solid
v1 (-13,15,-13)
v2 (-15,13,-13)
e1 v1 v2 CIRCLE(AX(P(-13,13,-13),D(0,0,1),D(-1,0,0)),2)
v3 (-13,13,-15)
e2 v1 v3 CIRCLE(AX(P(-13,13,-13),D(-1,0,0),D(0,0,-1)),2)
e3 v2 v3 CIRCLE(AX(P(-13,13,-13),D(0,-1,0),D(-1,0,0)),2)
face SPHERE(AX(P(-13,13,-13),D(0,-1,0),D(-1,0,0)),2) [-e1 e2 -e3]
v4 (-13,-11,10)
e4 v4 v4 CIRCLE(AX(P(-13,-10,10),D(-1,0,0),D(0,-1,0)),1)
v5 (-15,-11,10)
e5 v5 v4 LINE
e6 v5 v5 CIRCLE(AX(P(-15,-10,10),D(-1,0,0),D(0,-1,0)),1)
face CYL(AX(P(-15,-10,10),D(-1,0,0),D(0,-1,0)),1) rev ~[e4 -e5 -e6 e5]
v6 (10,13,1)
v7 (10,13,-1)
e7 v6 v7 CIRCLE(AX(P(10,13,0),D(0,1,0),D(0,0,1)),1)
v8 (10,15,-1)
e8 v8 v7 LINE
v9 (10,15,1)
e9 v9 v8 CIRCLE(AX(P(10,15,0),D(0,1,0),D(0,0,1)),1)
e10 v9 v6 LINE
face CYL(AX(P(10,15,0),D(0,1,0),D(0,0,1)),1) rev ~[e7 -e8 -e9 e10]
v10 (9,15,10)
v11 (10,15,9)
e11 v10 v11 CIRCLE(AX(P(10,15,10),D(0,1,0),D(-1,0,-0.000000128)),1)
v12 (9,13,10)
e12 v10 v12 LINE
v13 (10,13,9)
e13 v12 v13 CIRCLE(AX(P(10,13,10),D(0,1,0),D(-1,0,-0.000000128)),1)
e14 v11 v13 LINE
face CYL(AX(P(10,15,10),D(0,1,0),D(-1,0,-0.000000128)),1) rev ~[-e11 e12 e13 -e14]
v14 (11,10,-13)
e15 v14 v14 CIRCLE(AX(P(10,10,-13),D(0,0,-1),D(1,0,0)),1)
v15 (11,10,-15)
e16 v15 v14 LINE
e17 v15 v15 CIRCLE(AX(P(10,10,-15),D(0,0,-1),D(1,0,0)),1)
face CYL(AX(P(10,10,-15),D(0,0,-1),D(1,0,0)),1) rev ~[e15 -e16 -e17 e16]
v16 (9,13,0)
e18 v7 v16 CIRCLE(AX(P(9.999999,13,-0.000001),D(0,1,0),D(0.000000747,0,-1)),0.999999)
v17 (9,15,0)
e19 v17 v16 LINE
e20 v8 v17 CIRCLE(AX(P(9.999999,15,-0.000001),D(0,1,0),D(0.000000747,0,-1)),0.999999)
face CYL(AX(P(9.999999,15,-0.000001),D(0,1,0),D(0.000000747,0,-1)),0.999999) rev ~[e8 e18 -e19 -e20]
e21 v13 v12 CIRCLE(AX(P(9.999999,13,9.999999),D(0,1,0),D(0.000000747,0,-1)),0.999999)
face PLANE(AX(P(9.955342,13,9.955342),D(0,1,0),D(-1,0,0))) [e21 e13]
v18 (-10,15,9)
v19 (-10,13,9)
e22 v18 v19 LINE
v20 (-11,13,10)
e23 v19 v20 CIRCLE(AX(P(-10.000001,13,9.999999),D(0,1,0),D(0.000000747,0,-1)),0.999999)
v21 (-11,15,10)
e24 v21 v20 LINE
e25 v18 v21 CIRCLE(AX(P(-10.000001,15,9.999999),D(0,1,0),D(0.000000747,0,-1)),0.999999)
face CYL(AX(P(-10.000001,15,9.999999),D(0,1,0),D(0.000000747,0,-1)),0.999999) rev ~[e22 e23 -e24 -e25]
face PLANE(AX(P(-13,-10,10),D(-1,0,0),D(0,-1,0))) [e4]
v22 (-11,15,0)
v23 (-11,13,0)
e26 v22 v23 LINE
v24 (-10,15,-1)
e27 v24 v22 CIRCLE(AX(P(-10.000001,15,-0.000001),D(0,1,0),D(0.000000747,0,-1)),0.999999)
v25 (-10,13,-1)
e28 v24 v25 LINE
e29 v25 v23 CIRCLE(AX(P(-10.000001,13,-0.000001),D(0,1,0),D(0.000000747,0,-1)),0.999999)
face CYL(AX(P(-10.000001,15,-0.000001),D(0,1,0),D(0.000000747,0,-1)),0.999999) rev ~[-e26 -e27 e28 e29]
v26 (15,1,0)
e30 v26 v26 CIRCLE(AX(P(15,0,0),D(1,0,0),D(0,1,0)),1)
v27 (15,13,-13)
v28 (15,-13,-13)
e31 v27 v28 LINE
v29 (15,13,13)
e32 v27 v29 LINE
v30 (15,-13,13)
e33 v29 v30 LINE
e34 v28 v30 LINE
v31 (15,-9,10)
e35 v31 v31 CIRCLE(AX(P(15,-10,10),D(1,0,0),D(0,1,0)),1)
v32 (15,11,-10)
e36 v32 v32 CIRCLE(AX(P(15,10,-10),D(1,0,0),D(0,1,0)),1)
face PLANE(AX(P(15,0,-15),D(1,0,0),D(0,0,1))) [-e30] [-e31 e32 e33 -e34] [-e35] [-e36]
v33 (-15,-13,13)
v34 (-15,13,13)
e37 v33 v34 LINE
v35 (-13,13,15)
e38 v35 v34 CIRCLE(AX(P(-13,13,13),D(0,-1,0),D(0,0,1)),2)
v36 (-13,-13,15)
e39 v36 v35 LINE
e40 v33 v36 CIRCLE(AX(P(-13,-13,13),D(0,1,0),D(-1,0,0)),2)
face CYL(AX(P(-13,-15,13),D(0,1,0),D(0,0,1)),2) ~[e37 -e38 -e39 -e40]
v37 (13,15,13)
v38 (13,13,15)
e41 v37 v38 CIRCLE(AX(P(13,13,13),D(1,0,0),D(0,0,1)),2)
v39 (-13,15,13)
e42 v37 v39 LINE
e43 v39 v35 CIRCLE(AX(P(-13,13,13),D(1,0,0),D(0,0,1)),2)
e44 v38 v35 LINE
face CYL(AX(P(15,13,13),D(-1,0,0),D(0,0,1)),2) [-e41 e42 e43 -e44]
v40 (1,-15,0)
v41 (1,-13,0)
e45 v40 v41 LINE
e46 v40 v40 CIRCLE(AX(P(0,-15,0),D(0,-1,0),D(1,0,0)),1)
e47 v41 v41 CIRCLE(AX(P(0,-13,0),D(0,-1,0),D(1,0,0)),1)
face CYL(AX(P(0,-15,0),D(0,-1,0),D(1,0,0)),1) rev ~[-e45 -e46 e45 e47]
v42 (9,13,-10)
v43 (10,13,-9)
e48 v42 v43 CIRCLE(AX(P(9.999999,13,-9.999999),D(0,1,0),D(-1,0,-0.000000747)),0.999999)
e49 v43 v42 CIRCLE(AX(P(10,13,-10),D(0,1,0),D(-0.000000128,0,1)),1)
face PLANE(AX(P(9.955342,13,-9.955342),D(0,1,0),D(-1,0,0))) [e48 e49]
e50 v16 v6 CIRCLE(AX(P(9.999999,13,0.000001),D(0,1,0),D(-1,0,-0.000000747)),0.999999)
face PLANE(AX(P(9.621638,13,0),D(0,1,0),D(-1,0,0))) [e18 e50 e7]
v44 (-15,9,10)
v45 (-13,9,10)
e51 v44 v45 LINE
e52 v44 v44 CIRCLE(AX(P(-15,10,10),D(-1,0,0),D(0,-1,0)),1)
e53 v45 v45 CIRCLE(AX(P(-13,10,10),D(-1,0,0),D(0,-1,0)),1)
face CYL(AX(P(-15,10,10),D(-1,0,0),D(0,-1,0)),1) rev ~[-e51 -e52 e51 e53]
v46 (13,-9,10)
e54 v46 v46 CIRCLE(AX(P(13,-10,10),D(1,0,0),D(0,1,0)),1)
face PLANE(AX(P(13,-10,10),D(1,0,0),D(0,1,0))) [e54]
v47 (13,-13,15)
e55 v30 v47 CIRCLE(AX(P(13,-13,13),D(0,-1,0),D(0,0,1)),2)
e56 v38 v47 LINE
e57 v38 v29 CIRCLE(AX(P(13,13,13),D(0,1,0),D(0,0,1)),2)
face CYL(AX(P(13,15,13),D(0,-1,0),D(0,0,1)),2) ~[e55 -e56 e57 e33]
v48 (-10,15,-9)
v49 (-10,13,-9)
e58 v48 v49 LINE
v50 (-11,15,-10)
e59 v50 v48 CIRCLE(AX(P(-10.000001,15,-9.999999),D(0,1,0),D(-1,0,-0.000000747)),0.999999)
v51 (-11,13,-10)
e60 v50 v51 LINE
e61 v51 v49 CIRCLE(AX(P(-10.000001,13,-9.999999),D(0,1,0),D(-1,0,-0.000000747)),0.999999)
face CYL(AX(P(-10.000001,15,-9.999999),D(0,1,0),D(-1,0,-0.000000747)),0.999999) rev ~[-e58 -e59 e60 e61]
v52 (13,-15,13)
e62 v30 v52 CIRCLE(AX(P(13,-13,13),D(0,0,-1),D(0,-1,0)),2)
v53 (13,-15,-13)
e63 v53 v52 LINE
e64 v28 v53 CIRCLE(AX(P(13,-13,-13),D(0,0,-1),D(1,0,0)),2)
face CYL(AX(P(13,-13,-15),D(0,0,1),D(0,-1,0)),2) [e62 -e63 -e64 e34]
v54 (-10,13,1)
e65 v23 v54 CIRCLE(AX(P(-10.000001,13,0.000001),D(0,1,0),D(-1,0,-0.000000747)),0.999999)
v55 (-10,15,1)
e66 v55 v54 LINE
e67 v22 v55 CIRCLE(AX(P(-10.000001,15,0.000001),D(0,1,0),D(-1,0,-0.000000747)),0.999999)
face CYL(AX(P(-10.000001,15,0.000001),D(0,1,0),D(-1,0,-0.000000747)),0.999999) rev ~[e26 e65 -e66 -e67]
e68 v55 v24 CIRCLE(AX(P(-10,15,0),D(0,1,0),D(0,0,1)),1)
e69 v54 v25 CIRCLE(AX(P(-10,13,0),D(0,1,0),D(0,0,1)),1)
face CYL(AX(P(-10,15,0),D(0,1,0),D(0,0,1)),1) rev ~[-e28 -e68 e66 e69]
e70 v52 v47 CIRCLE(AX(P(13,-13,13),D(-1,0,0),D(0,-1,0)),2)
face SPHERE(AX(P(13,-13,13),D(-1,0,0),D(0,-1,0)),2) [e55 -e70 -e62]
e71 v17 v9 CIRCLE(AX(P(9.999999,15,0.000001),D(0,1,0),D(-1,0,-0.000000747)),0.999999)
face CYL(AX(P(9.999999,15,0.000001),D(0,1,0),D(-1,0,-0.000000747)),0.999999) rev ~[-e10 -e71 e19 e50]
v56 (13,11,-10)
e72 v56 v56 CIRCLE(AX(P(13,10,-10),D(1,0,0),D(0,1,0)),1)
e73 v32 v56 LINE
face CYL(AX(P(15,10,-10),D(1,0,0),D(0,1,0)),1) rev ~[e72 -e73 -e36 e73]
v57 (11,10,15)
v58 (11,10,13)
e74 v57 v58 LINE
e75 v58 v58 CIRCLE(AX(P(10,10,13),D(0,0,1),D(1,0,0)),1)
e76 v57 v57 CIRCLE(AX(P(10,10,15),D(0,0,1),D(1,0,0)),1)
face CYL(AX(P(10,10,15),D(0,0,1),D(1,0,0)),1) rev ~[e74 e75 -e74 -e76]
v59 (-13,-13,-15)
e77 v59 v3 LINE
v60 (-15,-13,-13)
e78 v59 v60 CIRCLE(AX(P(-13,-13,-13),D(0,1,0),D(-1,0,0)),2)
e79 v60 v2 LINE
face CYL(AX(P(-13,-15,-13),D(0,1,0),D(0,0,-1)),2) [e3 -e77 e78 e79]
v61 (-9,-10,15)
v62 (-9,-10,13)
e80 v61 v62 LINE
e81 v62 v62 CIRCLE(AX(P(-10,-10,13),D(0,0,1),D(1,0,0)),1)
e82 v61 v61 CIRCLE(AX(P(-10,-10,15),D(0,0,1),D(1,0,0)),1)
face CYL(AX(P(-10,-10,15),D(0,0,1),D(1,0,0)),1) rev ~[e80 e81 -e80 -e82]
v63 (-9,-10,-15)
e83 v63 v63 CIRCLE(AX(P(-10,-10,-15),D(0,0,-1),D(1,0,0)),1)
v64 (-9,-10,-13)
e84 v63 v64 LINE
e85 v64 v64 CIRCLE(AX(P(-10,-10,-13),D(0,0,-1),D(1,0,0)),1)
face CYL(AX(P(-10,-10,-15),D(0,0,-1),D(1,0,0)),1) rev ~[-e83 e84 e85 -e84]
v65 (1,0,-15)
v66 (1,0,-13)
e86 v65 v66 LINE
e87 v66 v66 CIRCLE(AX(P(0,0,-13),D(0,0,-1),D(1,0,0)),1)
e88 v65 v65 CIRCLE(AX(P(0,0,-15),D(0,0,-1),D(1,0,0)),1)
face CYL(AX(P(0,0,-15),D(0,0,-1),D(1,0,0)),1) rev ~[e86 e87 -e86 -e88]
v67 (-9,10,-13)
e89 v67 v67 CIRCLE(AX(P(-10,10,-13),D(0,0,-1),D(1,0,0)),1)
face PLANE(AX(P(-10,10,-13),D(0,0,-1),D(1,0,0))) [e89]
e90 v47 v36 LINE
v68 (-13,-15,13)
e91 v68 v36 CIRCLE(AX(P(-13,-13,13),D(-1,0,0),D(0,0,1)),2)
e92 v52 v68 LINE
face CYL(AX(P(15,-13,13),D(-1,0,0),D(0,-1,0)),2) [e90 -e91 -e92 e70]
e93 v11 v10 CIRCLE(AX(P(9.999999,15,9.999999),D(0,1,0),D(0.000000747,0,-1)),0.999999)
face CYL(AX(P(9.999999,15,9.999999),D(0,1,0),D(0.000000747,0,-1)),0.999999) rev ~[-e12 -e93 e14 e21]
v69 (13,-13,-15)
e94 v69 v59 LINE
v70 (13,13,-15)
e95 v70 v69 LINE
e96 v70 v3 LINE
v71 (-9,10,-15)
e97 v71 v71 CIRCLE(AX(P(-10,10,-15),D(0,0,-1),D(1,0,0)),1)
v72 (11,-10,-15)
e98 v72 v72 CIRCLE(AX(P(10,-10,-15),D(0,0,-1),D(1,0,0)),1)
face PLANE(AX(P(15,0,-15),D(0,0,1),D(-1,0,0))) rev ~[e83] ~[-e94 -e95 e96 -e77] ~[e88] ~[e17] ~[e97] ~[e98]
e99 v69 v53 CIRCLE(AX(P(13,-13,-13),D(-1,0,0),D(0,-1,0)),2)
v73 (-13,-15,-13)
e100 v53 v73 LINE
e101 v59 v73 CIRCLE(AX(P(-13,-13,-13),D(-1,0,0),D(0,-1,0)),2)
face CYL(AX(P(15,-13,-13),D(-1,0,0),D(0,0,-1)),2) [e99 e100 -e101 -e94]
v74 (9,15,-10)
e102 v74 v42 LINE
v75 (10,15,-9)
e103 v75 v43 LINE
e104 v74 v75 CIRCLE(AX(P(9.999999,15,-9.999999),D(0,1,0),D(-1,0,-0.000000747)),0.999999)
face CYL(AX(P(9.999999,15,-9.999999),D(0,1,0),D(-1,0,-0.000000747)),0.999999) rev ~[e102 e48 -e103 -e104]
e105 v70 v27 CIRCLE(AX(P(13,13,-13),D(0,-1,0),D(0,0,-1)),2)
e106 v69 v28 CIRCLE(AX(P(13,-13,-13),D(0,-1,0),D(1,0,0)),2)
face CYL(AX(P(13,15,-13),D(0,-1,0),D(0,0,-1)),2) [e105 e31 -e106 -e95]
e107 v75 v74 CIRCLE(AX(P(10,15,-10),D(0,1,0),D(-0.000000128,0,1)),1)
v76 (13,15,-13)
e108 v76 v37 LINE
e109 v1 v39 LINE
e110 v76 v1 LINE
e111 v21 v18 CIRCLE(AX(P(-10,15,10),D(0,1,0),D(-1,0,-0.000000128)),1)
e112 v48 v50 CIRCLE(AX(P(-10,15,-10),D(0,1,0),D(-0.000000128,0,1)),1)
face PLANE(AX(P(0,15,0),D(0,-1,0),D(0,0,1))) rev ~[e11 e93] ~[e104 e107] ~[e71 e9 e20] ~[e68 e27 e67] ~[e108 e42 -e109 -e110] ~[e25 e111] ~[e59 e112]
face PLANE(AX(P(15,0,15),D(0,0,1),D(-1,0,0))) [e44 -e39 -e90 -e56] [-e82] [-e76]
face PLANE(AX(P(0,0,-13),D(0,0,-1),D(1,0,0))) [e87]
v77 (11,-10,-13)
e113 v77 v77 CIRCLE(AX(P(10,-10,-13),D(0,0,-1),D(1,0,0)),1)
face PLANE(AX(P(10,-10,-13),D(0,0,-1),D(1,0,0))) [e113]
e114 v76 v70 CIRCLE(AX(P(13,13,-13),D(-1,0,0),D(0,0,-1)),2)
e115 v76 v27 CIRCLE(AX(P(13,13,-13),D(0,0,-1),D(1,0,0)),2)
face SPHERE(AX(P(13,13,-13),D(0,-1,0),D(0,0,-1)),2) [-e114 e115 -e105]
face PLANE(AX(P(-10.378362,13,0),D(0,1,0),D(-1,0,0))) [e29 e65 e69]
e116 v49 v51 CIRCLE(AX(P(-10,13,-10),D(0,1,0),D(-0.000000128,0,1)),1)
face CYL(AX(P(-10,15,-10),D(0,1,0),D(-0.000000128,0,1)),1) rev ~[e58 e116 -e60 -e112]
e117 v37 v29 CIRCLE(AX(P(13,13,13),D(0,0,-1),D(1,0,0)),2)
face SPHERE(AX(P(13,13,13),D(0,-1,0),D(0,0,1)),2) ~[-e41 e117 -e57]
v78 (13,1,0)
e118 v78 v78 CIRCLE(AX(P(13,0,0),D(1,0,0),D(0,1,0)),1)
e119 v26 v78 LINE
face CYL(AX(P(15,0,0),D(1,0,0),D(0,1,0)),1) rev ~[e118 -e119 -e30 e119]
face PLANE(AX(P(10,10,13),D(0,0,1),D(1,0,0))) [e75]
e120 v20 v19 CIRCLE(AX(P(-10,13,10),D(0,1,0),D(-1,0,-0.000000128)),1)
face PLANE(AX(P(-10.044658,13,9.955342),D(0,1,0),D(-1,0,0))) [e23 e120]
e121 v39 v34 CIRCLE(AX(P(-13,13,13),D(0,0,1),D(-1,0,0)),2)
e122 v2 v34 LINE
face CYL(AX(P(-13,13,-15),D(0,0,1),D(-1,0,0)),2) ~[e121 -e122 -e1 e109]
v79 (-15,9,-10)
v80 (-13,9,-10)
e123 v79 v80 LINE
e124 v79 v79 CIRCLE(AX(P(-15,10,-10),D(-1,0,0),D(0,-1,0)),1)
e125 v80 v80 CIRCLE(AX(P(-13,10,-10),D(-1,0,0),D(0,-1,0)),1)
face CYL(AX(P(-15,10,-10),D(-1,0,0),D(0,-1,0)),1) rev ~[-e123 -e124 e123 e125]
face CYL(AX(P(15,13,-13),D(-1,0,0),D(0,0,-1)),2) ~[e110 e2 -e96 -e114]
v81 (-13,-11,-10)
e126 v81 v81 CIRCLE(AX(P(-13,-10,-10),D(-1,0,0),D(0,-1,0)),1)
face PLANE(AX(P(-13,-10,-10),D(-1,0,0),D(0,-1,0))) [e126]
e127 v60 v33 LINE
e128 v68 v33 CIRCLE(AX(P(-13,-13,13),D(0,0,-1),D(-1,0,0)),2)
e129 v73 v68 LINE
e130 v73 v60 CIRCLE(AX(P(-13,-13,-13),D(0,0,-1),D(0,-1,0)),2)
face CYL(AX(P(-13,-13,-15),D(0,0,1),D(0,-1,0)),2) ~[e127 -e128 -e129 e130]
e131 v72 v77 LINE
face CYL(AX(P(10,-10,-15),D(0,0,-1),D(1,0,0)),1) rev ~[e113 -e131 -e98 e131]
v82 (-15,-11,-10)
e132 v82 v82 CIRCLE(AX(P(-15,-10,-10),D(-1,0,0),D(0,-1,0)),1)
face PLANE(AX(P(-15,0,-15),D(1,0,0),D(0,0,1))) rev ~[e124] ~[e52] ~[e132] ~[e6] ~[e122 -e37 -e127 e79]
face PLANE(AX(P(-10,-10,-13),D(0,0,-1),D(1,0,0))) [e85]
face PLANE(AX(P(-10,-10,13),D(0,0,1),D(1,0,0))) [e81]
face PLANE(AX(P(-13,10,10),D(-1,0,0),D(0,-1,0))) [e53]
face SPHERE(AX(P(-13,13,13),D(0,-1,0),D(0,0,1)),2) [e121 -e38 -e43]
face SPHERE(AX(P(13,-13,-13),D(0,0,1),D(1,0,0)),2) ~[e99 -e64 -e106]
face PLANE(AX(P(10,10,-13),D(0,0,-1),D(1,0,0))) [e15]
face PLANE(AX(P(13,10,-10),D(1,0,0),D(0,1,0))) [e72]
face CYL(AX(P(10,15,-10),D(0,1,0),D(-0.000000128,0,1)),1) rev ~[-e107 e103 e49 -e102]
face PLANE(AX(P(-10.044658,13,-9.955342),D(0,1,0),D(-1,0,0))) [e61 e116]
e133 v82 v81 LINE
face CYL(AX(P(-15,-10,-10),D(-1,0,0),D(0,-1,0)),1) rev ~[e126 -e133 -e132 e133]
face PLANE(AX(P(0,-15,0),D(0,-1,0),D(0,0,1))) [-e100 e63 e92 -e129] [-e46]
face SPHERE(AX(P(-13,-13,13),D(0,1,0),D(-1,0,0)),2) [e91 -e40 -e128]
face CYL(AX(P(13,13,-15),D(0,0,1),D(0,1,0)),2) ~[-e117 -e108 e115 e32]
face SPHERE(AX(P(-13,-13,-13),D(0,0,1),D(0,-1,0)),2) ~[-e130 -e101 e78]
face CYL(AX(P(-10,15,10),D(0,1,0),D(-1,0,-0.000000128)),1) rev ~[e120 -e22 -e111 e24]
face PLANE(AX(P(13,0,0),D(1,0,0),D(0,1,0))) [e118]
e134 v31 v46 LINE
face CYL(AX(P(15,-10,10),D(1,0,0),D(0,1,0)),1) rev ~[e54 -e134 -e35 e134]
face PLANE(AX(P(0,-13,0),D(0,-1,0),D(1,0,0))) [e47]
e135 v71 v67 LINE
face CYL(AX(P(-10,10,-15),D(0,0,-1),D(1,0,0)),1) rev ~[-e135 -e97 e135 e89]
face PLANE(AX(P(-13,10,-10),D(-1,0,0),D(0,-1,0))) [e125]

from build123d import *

# Parameters (mm, degrees)
F0_W      = 30
F0_H      = 30
F1_DEPTH  = 15
F3_ANGLE  = 270
F4_R      = 2
F5_R      = 1
F6_DEPTH  = 2
F7_R      = 1
F8_DEPTH  = 2
F10_DEPTH = 2
F11_R     = 1
F12_DEPTH = 2
F13_R     = 1
F14_DEPTH = 2
F15_R     = 1
F16_DEPTH = 2


with BuildPart() as f1:
    # F0 (on Front) → F1 (new body, symmetric)
    with BuildSketch(Plane.XZ):
        Rectangle(F0_W, F0_H)
    extrude(amount=F1_DEPTH, both=True)


with BuildPart() as f1_1:
    # F3: moved
    add(f1.part.rotate(Axis((0, 0.380553, 0), (0, 1, 0)), F3_ANGLE))

    # F4
    f4_edges = [f1_1.edges().sort_by_distance(p)[0] for p in [
        (-15, 0, 15),
        (-15, -15, 0),
        (0, -15, 15),
        (15, -15, 0),
        (15, 0, 15),
        (0, 15, 15),
        (15, 0, -15),
        (0, -15, -15),
        (-15, 0, -15),
        (-15, 15, 0),
        (0, 15, -15),
        (15, 15, 0),
    ]]
    fillet(f4_edges, radius=F4_R)

    # F5 (on face) → F6 (cut)
    with BuildSketch(Plane.XZ.offset(15)):
        Circle(F5_R)
    extrude(amount=-F6_DEPTH, mode=Mode.SUBTRACT)

    # F7 (on face) → F8 (cut)
    with BuildSketch(Plane(origin=(-15, 0, 0), x_dir=(0, -1, 0), z_dir=(-1, 0, 0))):
        with Locations((-10, -10)):
            Circle(F7_R)
        with Locations((10, -10)):
            Circle(F7_R)
        with Locations((10, 10)):
            Circle(F7_R)
        with Locations((-10, 10)):
            Circle(F7_R)
    extrude(amount=-F8_DEPTH, mode=Mode.SUBTRACT)

    # F9 (on face) → F10 (cut)
    with BuildSketch(Plane(origin=(0, 15, 0), x_dir=(-1, 0, 0), z_dir=(0, 1, 0))):
        with BuildLine():
            ThreePointArc((-10, 9), (-9.292893, 9.292893), (-9, 10))
            ThreePointArc((-9, 10), (-10.707107, 10.707107), (-10, 9))
        make_face()
        with BuildLine():
            ThreePointArc((-9, -10), (-9.292893, -9.292893), (-10, -9))
            ThreePointArc((-10, -9), (-10.707107, -10.707107), (-9, -10))
        make_face()
        with BuildLine():
            ThreePointArc((-9, 0), (-9.292893, 0.707107), (-10, 1))
            Line((-10, 1), (-10, -1))
            ThreePointArc((-10, -1), (-9.292893, -0.707107), (-9, 0))
        make_face()
        with BuildLine():
            Line((-10, -1), (-10, 1))
            ThreePointArc((-10, 1), (-11, 0), (-10, -1))
        make_face()
        with BuildLine():
            ThreePointArc((10, -1), (10.707107, -0.707107), (11, 0))
            ThreePointArc((11, 0), (10.707107, 0.707107), (10, 1))
            Line((10, 1), (10, -1))
        make_face()
        with BuildLine():
            ThreePointArc((11, -10), (10.707107, -9.292893), (10, -9))
            ThreePointArc((10, -9), (9.292893, -10.707107), (11, -10))
        make_face()
        with BuildLine():
            ThreePointArc((11, 10), (9.292893, 10.707107), (10, 9))
            ThreePointArc((10, 9), (10.707107, 9.292893), (11, 10))
        make_face()
        with BuildLine():
            Line((10, -1), (10, 1))
            ThreePointArc((10, 1), (9, 0), (10, -1))
        make_face()
    extrude(amount=-F10_DEPTH, mode=Mode.SUBTRACT)

    # F11 (on face) → F12 (cut)
    with BuildSketch(Plane.YZ.offset(15)):
        with Locations((-10, 10)):
            Circle(F11_R)
        with Locations((10, -10)):
            Circle(F11_R)
        Circle(F11_R)
    extrude(amount=-F12_DEPTH, mode=Mode.SUBTRACT)

    # F13 (on face) → F14 (cut)
    with BuildSketch(Plane.XY.offset(15)):
        with Locations((-10, -10)):
            Circle(F13_R)
        with Locations((10, 10)):
            Circle(F13_R)
    extrude(amount=-F14_DEPTH, mode=Mode.SUBTRACT)

    # F15 (on face) → F16 (cut)
    with BuildSketch(Plane(origin=(0, 0, -15), x_dir=(1, 0, 0), z_dir=(0, 0, -1))):
        with Locations((-10, 10)):
            Circle(F15_R)
        with Locations((10, 10)):
            Circle(F15_R)
        with Locations((10, -10)):
            Circle(F15_R)
        with Locations((-10, -10)):
            Circle(F15_R)
        Circle(F15_R)
    extrude(amount=-F16_DEPTH, mode=Mode.SUBTRACT)


solid = f1_1.part
